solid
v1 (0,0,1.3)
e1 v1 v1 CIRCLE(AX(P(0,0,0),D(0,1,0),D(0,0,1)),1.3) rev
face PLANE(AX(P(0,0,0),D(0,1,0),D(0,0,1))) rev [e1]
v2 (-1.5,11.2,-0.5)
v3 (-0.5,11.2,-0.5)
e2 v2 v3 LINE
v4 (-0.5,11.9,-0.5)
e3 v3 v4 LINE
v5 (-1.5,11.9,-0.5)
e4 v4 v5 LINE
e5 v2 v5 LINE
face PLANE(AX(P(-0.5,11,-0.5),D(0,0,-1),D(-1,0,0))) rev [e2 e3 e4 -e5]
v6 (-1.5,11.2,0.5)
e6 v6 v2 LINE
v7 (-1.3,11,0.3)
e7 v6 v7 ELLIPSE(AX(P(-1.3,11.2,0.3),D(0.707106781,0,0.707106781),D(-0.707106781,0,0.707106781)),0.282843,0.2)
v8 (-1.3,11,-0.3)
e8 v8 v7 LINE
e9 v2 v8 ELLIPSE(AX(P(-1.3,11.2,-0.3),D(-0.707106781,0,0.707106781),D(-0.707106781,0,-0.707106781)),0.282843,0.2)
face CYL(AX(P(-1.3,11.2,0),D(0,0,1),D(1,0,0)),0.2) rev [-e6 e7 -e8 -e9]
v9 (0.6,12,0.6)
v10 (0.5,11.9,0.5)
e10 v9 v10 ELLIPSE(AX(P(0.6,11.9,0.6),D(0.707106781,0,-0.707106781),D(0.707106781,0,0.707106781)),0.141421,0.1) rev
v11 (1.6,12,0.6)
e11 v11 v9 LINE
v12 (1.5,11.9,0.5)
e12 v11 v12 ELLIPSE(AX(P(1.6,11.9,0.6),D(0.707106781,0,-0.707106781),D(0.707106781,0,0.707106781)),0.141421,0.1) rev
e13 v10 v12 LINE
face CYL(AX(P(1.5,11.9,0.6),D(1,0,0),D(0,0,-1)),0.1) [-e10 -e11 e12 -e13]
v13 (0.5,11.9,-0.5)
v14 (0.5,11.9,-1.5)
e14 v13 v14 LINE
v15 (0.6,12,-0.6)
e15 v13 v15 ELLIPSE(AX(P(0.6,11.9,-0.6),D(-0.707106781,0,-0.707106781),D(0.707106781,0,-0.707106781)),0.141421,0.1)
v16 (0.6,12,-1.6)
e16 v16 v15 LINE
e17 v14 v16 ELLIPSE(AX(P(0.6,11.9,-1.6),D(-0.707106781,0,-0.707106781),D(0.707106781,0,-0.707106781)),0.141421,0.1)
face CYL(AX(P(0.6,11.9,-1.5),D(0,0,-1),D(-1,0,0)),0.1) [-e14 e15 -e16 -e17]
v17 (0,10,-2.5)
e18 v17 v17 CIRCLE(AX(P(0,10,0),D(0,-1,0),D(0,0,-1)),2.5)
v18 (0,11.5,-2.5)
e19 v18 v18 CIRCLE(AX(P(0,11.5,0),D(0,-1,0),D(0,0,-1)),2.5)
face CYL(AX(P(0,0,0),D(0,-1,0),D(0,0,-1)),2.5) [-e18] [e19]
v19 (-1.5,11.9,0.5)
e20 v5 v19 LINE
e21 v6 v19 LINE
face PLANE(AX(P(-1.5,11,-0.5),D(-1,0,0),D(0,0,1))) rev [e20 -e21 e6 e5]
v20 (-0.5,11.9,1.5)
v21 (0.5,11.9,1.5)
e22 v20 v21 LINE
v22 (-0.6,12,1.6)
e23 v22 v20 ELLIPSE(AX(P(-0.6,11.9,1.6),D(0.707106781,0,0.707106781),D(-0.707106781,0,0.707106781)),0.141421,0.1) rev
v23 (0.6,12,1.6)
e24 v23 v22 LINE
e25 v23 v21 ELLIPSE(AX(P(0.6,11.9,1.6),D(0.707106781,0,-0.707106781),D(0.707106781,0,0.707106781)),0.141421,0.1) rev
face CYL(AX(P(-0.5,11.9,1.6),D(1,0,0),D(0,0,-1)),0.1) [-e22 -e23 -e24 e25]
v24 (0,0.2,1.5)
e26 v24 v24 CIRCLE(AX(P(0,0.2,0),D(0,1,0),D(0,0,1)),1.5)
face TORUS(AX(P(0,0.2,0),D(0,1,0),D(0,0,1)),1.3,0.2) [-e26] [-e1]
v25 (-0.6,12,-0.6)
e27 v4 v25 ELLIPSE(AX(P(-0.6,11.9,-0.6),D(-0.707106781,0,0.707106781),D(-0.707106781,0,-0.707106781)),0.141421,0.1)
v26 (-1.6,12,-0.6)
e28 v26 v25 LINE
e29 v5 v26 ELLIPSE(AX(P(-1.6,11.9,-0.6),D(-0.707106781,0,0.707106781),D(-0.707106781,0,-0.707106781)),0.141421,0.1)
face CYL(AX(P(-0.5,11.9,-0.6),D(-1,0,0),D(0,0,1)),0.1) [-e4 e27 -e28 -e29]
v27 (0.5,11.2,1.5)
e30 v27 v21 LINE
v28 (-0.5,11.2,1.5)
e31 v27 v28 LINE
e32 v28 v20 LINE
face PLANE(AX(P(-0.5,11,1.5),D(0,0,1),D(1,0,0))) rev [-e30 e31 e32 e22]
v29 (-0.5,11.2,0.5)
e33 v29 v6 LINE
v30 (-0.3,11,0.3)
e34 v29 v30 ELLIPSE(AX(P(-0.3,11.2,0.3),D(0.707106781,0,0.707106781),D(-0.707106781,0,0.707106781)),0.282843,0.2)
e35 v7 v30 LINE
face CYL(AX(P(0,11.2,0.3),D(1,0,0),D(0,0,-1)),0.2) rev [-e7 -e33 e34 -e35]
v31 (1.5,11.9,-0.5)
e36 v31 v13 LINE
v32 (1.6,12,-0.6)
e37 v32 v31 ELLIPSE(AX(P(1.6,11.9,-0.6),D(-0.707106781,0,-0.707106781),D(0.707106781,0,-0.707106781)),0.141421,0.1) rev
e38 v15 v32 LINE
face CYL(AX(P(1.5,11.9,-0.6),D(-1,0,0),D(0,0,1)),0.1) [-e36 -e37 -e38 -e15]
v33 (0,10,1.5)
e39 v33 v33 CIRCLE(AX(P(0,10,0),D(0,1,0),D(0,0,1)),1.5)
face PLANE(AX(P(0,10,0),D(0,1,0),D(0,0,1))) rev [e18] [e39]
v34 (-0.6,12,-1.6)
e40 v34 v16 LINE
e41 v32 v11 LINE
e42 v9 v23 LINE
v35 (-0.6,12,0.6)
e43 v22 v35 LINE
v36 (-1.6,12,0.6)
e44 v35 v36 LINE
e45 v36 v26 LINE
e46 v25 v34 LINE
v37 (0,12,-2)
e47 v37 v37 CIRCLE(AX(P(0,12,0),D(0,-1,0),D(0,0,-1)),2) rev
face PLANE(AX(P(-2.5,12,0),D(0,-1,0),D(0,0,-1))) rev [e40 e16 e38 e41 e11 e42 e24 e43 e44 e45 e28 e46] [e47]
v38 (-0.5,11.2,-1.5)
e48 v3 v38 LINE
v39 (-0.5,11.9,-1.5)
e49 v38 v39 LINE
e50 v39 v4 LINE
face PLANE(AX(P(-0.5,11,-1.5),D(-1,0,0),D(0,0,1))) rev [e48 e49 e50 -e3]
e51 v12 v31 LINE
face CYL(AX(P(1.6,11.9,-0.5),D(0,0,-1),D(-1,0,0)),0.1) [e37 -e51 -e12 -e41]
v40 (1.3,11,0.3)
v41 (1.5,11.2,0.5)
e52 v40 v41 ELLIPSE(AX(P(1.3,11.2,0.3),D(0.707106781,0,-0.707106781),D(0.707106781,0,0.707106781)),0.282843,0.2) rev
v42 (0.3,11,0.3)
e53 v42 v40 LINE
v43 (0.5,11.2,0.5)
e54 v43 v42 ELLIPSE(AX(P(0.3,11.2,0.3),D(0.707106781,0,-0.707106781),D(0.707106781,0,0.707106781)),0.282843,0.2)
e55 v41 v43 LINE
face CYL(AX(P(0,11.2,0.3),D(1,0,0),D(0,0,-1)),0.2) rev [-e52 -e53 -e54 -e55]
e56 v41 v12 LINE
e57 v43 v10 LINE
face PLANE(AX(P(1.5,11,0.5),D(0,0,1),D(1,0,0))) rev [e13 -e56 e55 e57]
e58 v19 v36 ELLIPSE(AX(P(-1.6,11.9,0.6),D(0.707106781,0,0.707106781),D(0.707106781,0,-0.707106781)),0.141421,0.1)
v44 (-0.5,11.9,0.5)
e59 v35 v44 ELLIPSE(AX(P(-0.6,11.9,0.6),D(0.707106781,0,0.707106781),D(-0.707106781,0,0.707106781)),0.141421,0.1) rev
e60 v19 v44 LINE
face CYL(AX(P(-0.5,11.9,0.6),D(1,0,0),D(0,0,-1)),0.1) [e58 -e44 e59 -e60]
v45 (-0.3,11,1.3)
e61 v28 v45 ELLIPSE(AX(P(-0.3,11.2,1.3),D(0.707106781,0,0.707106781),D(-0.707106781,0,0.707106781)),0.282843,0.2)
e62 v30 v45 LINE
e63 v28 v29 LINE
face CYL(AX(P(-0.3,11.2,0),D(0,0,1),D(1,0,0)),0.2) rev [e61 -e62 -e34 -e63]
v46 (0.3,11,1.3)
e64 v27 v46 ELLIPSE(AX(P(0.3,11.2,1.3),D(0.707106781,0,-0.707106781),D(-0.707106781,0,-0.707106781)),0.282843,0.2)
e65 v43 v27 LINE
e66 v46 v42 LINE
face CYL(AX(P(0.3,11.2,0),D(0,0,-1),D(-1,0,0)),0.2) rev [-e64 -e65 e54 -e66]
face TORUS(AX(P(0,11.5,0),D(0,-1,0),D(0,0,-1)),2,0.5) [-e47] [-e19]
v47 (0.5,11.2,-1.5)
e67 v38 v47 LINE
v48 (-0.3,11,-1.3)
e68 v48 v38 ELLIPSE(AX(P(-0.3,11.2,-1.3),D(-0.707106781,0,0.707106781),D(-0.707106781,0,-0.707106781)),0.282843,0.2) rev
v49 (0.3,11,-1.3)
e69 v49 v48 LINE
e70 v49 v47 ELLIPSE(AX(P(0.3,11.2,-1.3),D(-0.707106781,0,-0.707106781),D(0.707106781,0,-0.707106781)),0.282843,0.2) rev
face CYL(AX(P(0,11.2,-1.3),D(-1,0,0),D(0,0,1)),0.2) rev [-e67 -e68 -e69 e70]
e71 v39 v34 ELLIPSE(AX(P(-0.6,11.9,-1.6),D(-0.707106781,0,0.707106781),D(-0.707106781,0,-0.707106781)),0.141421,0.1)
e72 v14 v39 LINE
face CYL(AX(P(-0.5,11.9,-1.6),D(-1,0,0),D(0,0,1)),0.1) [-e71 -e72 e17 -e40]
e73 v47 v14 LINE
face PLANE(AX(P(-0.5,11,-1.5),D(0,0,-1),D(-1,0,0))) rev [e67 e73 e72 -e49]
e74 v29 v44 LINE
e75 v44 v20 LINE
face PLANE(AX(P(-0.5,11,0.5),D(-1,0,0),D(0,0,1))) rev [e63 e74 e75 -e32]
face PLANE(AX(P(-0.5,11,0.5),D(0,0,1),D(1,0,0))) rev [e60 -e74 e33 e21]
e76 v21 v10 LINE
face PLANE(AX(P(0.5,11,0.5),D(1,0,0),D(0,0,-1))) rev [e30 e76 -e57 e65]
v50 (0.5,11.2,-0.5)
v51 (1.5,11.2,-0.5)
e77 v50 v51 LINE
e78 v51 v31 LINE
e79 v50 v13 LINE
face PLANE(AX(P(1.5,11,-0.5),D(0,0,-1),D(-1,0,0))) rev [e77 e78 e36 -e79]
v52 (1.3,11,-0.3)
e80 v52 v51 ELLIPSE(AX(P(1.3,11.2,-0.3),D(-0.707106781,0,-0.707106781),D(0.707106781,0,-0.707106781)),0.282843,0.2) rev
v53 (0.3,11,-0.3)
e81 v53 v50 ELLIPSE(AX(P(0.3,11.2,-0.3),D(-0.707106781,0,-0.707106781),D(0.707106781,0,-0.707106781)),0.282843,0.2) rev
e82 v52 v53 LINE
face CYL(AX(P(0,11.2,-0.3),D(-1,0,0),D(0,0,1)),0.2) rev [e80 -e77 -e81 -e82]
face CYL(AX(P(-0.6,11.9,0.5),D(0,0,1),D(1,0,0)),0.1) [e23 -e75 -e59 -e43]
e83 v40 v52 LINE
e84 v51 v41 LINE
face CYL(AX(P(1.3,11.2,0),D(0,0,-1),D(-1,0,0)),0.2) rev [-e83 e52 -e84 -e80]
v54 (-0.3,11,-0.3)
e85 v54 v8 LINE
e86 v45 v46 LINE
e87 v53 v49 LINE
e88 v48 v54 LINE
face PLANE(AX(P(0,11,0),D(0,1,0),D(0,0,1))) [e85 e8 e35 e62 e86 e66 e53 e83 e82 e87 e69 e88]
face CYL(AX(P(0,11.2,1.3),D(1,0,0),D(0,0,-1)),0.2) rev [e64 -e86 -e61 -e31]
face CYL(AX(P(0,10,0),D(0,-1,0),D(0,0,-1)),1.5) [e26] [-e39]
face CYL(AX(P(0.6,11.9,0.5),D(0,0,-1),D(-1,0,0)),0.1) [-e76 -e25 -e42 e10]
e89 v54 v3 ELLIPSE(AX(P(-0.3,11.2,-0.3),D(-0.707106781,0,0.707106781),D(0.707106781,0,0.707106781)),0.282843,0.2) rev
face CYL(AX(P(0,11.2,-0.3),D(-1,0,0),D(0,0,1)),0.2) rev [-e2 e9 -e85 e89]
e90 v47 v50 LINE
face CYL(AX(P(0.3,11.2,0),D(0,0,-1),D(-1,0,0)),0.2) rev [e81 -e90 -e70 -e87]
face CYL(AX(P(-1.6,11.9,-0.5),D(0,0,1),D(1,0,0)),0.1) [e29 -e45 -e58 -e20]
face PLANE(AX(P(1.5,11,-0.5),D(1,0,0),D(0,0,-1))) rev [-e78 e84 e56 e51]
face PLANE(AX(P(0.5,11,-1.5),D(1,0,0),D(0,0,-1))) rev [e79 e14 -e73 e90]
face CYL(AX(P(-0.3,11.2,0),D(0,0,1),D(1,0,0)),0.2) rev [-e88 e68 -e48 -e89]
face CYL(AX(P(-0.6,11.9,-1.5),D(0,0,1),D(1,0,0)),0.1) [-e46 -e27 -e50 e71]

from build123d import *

# Parameters (mm, degrees)
SKETCH1_R           = 1.5
BOSS_EXTRUDE1_DEPTH = 10
FILLET1_R           = 0.2
SKETCH2_W           = 2.5
SKETCH2_H           = 2
CUT_EXTRUDE1_DEPTH  = 1
FILLET3_R           = 0.1
FILLET4_R           = 0.2
FILLET5_R           = 0.5


with BuildPart() as part:
    # Sketch1 → Boss-Extrude1 (new body)
    with BuildSketch(Plane(origin=(0, 0, 0), x_dir=(1, 0, 0), z_dir=(0, 1, 0))):
        with Locations(Location((0, 0, 0), (0, 0, 270))):
            Circle(SKETCH1_R)
    extrude(amount=BOSS_EXTRUDE1_DEPTH)

    # Fillet1
    fillet1_edges = [part.edges().sort_by_distance(p)[0] for p in [
        (0, 0, -1.5),
    ]]
    fillet(fillet1_edges, radius=FILLET1_R)

    # Sketch2 → Revolve1 (revolve)
    with BuildSketch(Plane.XY, mode=Mode.PRIVATE) as revolve1_sk:
        with Locations((-1.25, 11)):
            Rectangle(SKETCH2_W, SKETCH2_H)
    revolve(revolve1_sk.sketch.rotate(Axis((0, 0, 0), (0, 1, 0)), 270), axis=Axis((0, 0, 0), (0, 1, 0)))

    # Sketch3 → Cut-Extrude1 (cut)
    with BuildSketch(Plane(origin=(0, 12, 0), x_dir=(1, 0, 0), z_dir=(0, 1, 0))):
        Polygon((-0.5, 0.5), (-1.5, 0.5), (-1.5, -0.5), (-0.5, -0.5), (-0.5, -1.5), (0.5, -1.5), (0.5, -0.5), (1.5, -0.5), (1.5, 0.5), (0.5, 0.5), (0.5, 1.5), (-0.5, 1.5), align=None)
    extrude(amount=-CUT_EXTRUDE1_DEPTH, mode=Mode.SUBTRACT)

    # Fillet3
    fillet3_edges = [part.edges().sort_by_distance(p)[0] for p in [
        (0.5, 12, 1),
        (1, 12, 0.5),
        (1.5, 12, 0),
        (1, 12, -0.5),
        (0.5, 12, -1),
        (0, 12, -1.5),
        (-0.5, 12, -1),
        (-1, 12, -0.5),
        (-1.5, 12, 0),
        (-1, 12, 0.5),
        (-0.5, 12, 1),
        (0, 12, 1.5),
    ]]
    fillet(fillet3_edges, radius=FILLET3_R)

    # Fillet4
    fillet4_edges = [part.edges().sort_by_distance(p)[0] for p in [
        (0.5, 11, 1),
        (0, 11, 1.5),
        (-0.5, 11, 1),
        (-1, 11, 0.5),
        (-1.5, 11, 0),
        (-1, 11, -0.5),
        (-0.5, 11, -1),
        (0, 11, -1.5),
        (0.5, 11, -1),
        (1, 11, -0.5),
        (1.5, 11, 0),
        (1, 11, 0.5),
    ]]
    fillet(fillet4_edges, radius=FILLET4_R)

    # Fillet5
    fillet5_edges = [part.edges().sort_by_distance(p)[0] for p in [
        (0, 12, 2.5),
    ]]
    fillet(fillet5_edges, radius=FILLET5_R)


solid = part.part
